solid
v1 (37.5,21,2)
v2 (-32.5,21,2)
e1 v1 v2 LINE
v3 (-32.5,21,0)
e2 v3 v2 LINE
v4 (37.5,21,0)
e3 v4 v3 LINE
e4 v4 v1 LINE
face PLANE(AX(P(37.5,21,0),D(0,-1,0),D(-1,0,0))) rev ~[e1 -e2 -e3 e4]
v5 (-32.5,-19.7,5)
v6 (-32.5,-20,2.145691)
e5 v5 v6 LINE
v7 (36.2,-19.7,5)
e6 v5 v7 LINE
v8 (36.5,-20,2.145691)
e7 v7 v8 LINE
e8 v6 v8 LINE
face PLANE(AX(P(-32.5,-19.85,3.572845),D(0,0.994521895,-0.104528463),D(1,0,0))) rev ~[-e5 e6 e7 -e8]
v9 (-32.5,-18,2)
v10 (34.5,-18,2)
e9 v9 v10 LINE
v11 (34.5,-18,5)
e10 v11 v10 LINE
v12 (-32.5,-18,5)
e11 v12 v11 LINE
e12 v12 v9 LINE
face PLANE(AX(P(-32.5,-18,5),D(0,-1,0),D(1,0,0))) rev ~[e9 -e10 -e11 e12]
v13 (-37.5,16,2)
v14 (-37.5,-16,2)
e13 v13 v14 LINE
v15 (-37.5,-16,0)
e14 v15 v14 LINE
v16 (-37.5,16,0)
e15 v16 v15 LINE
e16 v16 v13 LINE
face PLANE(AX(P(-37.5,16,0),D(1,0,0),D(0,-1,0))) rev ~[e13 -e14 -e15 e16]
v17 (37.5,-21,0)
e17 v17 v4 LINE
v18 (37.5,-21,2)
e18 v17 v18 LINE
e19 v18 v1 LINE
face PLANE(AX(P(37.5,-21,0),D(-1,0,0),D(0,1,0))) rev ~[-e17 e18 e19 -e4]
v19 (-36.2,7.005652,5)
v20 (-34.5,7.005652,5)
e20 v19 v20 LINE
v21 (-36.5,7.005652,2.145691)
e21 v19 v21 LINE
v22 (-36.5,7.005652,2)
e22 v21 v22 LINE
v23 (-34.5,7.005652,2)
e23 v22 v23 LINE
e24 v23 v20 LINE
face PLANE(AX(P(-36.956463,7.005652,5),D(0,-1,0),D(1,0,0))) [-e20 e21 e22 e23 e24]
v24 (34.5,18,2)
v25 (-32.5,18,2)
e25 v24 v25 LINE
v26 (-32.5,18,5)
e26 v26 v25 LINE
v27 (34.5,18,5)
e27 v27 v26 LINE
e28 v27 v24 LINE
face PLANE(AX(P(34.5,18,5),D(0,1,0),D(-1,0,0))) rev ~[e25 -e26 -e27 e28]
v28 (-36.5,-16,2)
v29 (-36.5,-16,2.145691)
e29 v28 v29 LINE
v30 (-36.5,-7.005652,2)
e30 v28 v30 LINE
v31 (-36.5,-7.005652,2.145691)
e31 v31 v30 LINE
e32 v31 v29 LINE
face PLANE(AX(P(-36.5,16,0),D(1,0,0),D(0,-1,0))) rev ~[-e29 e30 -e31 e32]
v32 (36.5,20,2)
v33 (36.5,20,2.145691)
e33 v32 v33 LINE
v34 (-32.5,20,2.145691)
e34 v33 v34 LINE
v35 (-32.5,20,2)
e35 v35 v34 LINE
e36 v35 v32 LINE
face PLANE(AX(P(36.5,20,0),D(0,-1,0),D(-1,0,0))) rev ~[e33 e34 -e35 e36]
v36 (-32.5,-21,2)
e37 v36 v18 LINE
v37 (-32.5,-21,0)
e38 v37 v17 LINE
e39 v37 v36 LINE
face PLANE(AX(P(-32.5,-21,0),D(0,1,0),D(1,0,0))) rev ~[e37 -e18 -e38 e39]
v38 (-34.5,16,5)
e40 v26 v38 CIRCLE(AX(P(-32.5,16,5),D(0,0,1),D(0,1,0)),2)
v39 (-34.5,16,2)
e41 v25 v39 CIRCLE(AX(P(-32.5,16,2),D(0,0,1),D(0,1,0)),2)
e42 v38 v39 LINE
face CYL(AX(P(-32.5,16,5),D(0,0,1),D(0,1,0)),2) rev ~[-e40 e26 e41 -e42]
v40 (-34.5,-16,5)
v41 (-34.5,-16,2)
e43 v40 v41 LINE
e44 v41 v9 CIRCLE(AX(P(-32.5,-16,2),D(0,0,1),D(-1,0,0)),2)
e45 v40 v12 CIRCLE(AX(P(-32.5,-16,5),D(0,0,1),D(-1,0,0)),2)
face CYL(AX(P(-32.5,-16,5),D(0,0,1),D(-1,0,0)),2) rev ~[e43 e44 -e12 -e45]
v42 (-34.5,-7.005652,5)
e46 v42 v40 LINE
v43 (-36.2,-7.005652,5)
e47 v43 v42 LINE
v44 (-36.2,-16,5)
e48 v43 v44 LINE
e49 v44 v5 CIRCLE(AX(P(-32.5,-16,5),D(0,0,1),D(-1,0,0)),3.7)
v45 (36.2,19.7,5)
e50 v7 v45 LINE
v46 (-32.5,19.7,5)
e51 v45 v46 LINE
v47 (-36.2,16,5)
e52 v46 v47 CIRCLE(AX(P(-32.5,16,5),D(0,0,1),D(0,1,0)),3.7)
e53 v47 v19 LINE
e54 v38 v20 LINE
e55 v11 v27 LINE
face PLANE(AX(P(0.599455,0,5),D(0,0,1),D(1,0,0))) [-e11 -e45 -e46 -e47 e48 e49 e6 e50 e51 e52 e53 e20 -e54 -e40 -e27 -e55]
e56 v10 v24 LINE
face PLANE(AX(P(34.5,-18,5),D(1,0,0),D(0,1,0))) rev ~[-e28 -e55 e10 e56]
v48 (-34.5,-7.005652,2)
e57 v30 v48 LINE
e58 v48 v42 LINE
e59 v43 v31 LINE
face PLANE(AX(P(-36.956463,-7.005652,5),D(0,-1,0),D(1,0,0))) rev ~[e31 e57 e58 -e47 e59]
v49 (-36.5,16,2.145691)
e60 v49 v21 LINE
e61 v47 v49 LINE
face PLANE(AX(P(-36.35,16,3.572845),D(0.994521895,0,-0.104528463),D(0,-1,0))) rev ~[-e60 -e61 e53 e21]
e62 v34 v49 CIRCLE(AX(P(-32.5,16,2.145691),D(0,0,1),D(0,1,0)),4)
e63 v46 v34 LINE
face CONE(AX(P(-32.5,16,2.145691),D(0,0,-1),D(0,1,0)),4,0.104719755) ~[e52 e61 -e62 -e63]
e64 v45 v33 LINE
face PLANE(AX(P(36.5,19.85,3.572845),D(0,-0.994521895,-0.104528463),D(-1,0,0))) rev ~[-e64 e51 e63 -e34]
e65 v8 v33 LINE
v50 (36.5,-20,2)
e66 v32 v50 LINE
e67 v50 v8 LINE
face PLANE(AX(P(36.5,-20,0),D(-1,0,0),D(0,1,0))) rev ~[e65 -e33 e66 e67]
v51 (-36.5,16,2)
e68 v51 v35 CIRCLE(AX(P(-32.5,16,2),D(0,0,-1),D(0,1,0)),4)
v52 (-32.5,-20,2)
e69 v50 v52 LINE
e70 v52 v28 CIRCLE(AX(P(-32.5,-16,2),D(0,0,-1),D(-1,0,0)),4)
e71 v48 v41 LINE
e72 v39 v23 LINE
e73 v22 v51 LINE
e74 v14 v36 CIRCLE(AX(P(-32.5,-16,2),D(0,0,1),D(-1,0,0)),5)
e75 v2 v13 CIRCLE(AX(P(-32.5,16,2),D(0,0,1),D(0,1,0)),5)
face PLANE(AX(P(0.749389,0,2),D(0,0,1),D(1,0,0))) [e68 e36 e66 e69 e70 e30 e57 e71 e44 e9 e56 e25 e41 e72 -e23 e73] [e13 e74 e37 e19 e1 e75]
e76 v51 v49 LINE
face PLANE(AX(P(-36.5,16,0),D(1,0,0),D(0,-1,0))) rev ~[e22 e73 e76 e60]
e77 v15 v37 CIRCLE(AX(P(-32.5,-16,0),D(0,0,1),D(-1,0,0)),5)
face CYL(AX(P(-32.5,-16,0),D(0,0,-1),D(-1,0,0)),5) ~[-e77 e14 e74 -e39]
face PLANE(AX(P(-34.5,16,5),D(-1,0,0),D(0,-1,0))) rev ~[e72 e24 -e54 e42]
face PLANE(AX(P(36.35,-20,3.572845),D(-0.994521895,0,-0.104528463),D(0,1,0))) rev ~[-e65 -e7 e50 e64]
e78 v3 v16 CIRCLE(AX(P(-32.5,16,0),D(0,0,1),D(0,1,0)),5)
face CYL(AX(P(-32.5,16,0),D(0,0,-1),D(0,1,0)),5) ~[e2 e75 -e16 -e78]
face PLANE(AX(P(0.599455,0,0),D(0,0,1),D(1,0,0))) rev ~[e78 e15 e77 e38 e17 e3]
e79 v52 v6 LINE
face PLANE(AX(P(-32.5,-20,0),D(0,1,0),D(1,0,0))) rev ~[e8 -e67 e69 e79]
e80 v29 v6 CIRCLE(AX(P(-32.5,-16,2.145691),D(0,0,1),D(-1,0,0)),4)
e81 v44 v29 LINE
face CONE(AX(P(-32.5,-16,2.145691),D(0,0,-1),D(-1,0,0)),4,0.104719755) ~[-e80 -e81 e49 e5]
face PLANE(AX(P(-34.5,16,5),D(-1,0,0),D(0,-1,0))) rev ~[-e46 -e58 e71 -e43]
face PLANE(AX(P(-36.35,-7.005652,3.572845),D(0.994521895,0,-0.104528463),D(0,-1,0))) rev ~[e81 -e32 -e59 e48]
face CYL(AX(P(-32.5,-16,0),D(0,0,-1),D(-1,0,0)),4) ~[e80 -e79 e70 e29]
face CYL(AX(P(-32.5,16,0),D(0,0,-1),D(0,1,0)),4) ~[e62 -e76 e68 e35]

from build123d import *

# Parameters (mm, degrees)
F1_DEPTH = 2
F3_DEPTH = 5
F5_DEPTH = 3
F6_W     = 3.5266056657
F6_H     = 14.0113048255
F7_DEPTH = 3
F8_SIZE2 = 2.8543093363
F8_SIZE  = 0.3


with BuildPart() as f1:
    # F0 (on Top) → F1 (new body)
    with BuildSketch(Plane.XY):
        with BuildLine():
            Line((37.5, -21), (37.5, 21))
            Line((37.5, 21), (-32.5, 21))
            ThreePointArc((-32.5, 21), (-36.0355339059, 19.5355339059), (-37.5, 16))
            Line((-37.5, 16), (-37.5, -16))
            ThreePointArc((-37.5, -16), (-36.0355339059, -19.5355339059), (-32.5, -21))
            Line((-32.5, -21), (37.5, -21))
        make_face()
    extrude(amount=F1_DEPTH)

    # F2 (on Top) → F3 (join)
    with BuildSketch(Plane.XY):
        with BuildLine():
            ThreePointArc((-36.5, -16), (-35.3284271247, -18.8284271247), (-32.5, -20))
            Line((-32.5, -20), (36.5, -20))
            Line((36.5, -20), (36.5, 20))
            Line((36.5, 20), (-32.5, 20))
            ThreePointArc((-32.5, 20), (-35.3284271247, 18.8284271247), (-36.5, 16))
            Line((-36.5, 16), (-36.5, -16))
        make_face()
    extrude(amount=F3_DEPTH)

    # F4 (on face) → F5 (cut)
    with BuildSketch(Plane.XY.offset(5)):
        with BuildLine():
            ThreePointArc((-32.5, 18), (-33.9142135624, 17.4142135624), (-34.5, 16))
            Line((-34.5, 16), (-34.5, -16))
            ThreePointArc((-34.5, -16), (-33.9142135624, -17.4142135624), (-32.5, -18))
            Line((-32.5, -18), (34.5, -18))
            Line((34.5, -18), (34.5, 18))
            Line((34.5, 18), (-32.5, 18))
        make_face()
    extrude(amount=-F5_DEPTH, mode=Mode.SUBTRACT)

    # F6 (on face) → F7 (cut)
    with BuildSketch(Plane.XY.offset(5)):
        with Locations((-35.1931601763, 0)):
            Rectangle(F6_W, F6_H)
    extrude(amount=-F7_DEPTH, mode=Mode.SUBTRACT)

    # F8
    f8_edges = [f1.edges().sort_by_distance(p)[0] for p in [
        (-36.5, -11.502826, 5),
        (36.5, 0, 5),
        (2, 20, 5),
    ]]
    f8_side = f1.faces().sort_by_distance((2, 19.167594, 5))[0]
    chamfer(f8_edges, length=F8_SIZE, length2=F8_SIZE2, reference=f8_side)


solid = f1.part
